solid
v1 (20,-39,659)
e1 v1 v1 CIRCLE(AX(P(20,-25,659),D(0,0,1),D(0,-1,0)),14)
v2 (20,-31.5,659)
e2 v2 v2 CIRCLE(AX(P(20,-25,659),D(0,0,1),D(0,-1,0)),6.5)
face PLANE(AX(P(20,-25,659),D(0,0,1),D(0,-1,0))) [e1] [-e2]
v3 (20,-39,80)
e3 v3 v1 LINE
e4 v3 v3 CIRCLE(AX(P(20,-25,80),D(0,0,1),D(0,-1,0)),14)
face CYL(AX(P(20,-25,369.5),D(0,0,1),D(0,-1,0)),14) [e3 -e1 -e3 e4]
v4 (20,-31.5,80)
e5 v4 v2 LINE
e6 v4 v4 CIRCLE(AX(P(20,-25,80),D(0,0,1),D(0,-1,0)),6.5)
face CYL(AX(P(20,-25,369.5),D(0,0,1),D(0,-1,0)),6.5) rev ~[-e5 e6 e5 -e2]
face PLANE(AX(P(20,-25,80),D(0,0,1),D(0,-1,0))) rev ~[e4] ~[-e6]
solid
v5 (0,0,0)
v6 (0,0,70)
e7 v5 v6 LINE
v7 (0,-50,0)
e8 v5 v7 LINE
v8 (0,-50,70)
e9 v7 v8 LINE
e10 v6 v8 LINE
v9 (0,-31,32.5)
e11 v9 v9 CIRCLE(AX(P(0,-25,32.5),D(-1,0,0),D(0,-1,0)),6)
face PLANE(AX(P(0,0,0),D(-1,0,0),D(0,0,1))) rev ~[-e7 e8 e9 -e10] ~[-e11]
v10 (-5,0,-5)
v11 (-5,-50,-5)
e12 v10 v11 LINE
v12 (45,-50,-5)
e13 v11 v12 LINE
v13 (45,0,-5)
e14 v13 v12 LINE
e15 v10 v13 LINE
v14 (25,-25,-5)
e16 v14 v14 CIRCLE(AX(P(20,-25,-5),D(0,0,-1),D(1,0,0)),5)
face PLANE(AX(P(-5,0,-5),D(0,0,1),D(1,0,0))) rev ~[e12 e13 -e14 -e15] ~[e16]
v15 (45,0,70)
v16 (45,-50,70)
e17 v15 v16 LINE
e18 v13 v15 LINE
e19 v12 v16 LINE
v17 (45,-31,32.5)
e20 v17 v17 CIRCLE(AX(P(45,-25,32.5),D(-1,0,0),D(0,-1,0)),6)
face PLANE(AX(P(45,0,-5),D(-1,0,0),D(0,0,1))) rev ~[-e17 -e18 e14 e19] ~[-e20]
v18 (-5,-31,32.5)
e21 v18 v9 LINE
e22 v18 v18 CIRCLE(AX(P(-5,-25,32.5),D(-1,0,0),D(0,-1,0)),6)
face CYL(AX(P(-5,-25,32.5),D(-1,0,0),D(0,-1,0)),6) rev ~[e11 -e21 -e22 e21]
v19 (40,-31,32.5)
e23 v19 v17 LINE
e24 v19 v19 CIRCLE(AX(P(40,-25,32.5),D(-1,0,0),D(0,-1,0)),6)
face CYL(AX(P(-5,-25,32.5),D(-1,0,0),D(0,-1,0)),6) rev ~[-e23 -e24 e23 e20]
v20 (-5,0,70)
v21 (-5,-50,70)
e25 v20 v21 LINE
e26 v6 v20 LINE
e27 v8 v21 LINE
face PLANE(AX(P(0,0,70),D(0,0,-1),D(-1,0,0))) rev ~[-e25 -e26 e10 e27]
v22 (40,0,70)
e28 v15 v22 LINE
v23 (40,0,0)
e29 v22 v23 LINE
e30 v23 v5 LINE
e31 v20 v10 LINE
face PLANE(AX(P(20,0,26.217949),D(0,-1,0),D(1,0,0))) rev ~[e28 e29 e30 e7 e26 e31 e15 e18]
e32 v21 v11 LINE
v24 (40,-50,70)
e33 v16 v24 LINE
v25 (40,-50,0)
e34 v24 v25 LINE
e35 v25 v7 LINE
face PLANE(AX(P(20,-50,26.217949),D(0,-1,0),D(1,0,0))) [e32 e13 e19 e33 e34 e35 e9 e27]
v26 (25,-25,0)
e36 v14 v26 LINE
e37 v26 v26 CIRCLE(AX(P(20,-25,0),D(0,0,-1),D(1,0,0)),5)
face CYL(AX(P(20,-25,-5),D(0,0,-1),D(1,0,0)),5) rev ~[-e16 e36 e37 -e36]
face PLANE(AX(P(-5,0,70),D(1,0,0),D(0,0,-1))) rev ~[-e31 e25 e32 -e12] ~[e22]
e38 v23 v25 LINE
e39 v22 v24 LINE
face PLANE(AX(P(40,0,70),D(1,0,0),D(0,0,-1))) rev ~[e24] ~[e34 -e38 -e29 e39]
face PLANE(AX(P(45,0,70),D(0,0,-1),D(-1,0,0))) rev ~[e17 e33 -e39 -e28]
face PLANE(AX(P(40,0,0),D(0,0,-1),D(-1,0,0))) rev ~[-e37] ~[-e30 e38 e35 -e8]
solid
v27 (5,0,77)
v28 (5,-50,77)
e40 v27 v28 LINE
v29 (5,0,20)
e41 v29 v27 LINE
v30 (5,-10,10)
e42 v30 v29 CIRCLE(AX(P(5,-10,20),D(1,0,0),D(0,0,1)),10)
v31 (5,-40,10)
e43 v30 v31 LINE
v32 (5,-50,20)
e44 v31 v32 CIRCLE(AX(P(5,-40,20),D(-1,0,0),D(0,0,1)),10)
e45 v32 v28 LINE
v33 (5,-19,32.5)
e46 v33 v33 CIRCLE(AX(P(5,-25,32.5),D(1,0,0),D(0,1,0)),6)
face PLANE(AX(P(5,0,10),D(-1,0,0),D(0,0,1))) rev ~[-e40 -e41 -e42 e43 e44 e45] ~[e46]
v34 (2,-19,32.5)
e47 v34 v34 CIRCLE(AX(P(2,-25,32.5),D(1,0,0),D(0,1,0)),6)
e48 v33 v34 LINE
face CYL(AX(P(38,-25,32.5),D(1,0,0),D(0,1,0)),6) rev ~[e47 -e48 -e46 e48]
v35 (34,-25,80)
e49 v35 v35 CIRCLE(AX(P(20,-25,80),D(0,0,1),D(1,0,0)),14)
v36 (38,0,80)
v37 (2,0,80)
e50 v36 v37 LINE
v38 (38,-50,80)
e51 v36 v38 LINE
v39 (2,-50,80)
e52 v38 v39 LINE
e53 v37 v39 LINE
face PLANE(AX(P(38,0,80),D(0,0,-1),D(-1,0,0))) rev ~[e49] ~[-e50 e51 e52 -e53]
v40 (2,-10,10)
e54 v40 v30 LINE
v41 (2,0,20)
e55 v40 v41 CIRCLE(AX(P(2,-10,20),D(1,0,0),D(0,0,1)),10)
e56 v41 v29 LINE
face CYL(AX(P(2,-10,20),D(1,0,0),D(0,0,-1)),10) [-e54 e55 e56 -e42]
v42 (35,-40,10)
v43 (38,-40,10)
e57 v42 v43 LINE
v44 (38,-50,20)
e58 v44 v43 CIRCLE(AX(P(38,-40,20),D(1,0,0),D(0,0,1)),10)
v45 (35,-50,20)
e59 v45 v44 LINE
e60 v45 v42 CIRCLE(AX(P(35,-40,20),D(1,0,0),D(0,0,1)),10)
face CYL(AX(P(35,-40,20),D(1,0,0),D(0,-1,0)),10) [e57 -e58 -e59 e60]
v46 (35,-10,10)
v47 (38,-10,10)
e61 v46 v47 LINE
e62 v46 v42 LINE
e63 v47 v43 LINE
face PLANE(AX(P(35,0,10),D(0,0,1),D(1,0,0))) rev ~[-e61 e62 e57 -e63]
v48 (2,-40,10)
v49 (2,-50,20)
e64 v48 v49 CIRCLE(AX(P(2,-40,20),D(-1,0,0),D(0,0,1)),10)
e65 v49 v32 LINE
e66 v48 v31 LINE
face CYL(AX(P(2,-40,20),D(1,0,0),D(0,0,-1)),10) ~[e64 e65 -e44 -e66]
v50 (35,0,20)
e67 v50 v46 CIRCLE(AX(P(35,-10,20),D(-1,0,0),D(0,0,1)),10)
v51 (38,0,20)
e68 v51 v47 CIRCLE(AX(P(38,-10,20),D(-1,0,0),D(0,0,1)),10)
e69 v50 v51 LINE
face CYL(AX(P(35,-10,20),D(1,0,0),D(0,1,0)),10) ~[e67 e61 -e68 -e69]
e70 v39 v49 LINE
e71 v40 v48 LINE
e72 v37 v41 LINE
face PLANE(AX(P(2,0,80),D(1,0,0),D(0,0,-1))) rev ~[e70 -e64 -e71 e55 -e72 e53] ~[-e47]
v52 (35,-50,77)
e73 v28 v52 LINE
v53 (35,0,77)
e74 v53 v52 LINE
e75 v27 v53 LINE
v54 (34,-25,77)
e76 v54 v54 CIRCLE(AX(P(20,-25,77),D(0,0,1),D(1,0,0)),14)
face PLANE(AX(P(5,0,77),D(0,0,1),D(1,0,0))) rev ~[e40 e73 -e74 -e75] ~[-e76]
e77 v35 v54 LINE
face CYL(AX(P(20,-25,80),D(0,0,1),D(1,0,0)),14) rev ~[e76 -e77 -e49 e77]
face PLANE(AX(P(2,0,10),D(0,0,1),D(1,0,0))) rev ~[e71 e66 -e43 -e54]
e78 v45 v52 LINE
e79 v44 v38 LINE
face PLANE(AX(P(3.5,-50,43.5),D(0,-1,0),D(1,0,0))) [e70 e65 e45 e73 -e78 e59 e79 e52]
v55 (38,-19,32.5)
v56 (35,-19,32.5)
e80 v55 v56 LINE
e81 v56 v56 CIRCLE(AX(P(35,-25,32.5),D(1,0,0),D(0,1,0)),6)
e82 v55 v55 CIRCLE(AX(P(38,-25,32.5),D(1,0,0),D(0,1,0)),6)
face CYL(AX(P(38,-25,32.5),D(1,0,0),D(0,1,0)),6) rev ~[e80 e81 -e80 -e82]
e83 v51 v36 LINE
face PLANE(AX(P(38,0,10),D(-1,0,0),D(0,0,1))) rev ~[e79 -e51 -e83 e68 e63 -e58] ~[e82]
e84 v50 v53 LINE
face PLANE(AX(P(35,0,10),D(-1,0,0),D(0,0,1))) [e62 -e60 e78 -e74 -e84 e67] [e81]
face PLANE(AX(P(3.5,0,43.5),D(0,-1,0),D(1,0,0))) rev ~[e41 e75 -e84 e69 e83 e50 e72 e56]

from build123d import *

# Parameters (mm, degrees)
F1_DEPTH  = 50
F2_R      = 5
F3_DEPTH  = 25
F4_R      = 6
F5_DEPTH  = 50
F6_W      = 3
F6_H      = 67
F6_H_2    = 3
F6_W_2    = 30
F7_DEPTH  = 50
F8_R      = 6
F9_DEPTH  = 36
F10_R     = 14
F11_DEPTH = 5
F13_W     = 7.5
F13_H     = 579
F15_R     = 10


with BuildPart() as f1:
    # F0 (on Front) → F1 (new body)
    with BuildSketch(Plane.XZ):
        Polygon((40, 0), (0, 0), (0, 70), (-5, 70), (-5, -5), (45, -5), (45, 70), (40, 70), align=None)
    extrude(amount=F1_DEPTH)

    # F2 (on face) → F3 (cut)
    with BuildSketch(Plane(origin=(0, 0, -5), x_dir=(1, 0, 0), z_dir=(0, 0, -1))):
        with Locations((20, 25)):
            Circle(F2_R)
    extrude(amount=-F3_DEPTH, mode=Mode.SUBTRACT)

    # F4 (on face) → F5 (cut)
    with BuildSketch(Plane(origin=(-5, 0, 0), x_dir=(0, -1, 0), z_dir=(-1, 0, 0))):
        with Locations((25, 32.5)):
            Circle(F4_R)
    extrude(amount=-F5_DEPTH, mode=Mode.SUBTRACT)


with BuildPart() as f7:
    # F6 (on Front) → F7 (new body)
    with BuildSketch(Plane.XZ):
        with Locations((3.5, 43.5)):
            Rectangle(F6_W, F6_H)
        with Locations((3.5, 78.5)):
            Rectangle(F6_W, F6_H_2)
        with Locations((20, 78.5)):
            Rectangle(F6_W_2, F6_H_2)
        with Locations((36.5, 78.5)):
            Rectangle(F6_W, F6_H_2)
        with Locations((36.5, 43.5)):
            Rectangle(F6_W, F6_H)
    extrude(amount=F7_DEPTH)

    # F8 (on face) → F9 (cut)
    with BuildSketch(Plane.YZ.offset(38)):
        with Locations((-25, 32.5)):
            Circle(F8_R)
    extrude(amount=-F9_DEPTH, mode=Mode.SUBTRACT)

    # F10 (on face) → F11 (cut)
    with BuildSketch(Plane.XY.offset(80)):
        with Locations((20, -25)):
            Circle(F10_R)
    extrude(amount=-F11_DEPTH, mode=Mode.SUBTRACT)

    # F15
    f15_edges = [f7.edges().sort_by_distance(p)[0] for p in [
        (36.5, -50, 10),
        (3.5, -50, 10),
        (36.5, 0, 10),
        (3.5, 0, 10),
    ]]
    fillet(f15_edges, radius=F15_R)


with BuildPart() as f14:
    # F13 (on offset) → F14 (revolve)
    with BuildSketch(Plane.YZ.offset(20)):
        with Locations((-35.25, 369.5)):
            Rectangle(F13_W, F13_H)
    revolve(axis=Axis((20, -25, 369.5), (0, 0, 1)))


solid = Compound([f1.part, f7.part, f14.part])
